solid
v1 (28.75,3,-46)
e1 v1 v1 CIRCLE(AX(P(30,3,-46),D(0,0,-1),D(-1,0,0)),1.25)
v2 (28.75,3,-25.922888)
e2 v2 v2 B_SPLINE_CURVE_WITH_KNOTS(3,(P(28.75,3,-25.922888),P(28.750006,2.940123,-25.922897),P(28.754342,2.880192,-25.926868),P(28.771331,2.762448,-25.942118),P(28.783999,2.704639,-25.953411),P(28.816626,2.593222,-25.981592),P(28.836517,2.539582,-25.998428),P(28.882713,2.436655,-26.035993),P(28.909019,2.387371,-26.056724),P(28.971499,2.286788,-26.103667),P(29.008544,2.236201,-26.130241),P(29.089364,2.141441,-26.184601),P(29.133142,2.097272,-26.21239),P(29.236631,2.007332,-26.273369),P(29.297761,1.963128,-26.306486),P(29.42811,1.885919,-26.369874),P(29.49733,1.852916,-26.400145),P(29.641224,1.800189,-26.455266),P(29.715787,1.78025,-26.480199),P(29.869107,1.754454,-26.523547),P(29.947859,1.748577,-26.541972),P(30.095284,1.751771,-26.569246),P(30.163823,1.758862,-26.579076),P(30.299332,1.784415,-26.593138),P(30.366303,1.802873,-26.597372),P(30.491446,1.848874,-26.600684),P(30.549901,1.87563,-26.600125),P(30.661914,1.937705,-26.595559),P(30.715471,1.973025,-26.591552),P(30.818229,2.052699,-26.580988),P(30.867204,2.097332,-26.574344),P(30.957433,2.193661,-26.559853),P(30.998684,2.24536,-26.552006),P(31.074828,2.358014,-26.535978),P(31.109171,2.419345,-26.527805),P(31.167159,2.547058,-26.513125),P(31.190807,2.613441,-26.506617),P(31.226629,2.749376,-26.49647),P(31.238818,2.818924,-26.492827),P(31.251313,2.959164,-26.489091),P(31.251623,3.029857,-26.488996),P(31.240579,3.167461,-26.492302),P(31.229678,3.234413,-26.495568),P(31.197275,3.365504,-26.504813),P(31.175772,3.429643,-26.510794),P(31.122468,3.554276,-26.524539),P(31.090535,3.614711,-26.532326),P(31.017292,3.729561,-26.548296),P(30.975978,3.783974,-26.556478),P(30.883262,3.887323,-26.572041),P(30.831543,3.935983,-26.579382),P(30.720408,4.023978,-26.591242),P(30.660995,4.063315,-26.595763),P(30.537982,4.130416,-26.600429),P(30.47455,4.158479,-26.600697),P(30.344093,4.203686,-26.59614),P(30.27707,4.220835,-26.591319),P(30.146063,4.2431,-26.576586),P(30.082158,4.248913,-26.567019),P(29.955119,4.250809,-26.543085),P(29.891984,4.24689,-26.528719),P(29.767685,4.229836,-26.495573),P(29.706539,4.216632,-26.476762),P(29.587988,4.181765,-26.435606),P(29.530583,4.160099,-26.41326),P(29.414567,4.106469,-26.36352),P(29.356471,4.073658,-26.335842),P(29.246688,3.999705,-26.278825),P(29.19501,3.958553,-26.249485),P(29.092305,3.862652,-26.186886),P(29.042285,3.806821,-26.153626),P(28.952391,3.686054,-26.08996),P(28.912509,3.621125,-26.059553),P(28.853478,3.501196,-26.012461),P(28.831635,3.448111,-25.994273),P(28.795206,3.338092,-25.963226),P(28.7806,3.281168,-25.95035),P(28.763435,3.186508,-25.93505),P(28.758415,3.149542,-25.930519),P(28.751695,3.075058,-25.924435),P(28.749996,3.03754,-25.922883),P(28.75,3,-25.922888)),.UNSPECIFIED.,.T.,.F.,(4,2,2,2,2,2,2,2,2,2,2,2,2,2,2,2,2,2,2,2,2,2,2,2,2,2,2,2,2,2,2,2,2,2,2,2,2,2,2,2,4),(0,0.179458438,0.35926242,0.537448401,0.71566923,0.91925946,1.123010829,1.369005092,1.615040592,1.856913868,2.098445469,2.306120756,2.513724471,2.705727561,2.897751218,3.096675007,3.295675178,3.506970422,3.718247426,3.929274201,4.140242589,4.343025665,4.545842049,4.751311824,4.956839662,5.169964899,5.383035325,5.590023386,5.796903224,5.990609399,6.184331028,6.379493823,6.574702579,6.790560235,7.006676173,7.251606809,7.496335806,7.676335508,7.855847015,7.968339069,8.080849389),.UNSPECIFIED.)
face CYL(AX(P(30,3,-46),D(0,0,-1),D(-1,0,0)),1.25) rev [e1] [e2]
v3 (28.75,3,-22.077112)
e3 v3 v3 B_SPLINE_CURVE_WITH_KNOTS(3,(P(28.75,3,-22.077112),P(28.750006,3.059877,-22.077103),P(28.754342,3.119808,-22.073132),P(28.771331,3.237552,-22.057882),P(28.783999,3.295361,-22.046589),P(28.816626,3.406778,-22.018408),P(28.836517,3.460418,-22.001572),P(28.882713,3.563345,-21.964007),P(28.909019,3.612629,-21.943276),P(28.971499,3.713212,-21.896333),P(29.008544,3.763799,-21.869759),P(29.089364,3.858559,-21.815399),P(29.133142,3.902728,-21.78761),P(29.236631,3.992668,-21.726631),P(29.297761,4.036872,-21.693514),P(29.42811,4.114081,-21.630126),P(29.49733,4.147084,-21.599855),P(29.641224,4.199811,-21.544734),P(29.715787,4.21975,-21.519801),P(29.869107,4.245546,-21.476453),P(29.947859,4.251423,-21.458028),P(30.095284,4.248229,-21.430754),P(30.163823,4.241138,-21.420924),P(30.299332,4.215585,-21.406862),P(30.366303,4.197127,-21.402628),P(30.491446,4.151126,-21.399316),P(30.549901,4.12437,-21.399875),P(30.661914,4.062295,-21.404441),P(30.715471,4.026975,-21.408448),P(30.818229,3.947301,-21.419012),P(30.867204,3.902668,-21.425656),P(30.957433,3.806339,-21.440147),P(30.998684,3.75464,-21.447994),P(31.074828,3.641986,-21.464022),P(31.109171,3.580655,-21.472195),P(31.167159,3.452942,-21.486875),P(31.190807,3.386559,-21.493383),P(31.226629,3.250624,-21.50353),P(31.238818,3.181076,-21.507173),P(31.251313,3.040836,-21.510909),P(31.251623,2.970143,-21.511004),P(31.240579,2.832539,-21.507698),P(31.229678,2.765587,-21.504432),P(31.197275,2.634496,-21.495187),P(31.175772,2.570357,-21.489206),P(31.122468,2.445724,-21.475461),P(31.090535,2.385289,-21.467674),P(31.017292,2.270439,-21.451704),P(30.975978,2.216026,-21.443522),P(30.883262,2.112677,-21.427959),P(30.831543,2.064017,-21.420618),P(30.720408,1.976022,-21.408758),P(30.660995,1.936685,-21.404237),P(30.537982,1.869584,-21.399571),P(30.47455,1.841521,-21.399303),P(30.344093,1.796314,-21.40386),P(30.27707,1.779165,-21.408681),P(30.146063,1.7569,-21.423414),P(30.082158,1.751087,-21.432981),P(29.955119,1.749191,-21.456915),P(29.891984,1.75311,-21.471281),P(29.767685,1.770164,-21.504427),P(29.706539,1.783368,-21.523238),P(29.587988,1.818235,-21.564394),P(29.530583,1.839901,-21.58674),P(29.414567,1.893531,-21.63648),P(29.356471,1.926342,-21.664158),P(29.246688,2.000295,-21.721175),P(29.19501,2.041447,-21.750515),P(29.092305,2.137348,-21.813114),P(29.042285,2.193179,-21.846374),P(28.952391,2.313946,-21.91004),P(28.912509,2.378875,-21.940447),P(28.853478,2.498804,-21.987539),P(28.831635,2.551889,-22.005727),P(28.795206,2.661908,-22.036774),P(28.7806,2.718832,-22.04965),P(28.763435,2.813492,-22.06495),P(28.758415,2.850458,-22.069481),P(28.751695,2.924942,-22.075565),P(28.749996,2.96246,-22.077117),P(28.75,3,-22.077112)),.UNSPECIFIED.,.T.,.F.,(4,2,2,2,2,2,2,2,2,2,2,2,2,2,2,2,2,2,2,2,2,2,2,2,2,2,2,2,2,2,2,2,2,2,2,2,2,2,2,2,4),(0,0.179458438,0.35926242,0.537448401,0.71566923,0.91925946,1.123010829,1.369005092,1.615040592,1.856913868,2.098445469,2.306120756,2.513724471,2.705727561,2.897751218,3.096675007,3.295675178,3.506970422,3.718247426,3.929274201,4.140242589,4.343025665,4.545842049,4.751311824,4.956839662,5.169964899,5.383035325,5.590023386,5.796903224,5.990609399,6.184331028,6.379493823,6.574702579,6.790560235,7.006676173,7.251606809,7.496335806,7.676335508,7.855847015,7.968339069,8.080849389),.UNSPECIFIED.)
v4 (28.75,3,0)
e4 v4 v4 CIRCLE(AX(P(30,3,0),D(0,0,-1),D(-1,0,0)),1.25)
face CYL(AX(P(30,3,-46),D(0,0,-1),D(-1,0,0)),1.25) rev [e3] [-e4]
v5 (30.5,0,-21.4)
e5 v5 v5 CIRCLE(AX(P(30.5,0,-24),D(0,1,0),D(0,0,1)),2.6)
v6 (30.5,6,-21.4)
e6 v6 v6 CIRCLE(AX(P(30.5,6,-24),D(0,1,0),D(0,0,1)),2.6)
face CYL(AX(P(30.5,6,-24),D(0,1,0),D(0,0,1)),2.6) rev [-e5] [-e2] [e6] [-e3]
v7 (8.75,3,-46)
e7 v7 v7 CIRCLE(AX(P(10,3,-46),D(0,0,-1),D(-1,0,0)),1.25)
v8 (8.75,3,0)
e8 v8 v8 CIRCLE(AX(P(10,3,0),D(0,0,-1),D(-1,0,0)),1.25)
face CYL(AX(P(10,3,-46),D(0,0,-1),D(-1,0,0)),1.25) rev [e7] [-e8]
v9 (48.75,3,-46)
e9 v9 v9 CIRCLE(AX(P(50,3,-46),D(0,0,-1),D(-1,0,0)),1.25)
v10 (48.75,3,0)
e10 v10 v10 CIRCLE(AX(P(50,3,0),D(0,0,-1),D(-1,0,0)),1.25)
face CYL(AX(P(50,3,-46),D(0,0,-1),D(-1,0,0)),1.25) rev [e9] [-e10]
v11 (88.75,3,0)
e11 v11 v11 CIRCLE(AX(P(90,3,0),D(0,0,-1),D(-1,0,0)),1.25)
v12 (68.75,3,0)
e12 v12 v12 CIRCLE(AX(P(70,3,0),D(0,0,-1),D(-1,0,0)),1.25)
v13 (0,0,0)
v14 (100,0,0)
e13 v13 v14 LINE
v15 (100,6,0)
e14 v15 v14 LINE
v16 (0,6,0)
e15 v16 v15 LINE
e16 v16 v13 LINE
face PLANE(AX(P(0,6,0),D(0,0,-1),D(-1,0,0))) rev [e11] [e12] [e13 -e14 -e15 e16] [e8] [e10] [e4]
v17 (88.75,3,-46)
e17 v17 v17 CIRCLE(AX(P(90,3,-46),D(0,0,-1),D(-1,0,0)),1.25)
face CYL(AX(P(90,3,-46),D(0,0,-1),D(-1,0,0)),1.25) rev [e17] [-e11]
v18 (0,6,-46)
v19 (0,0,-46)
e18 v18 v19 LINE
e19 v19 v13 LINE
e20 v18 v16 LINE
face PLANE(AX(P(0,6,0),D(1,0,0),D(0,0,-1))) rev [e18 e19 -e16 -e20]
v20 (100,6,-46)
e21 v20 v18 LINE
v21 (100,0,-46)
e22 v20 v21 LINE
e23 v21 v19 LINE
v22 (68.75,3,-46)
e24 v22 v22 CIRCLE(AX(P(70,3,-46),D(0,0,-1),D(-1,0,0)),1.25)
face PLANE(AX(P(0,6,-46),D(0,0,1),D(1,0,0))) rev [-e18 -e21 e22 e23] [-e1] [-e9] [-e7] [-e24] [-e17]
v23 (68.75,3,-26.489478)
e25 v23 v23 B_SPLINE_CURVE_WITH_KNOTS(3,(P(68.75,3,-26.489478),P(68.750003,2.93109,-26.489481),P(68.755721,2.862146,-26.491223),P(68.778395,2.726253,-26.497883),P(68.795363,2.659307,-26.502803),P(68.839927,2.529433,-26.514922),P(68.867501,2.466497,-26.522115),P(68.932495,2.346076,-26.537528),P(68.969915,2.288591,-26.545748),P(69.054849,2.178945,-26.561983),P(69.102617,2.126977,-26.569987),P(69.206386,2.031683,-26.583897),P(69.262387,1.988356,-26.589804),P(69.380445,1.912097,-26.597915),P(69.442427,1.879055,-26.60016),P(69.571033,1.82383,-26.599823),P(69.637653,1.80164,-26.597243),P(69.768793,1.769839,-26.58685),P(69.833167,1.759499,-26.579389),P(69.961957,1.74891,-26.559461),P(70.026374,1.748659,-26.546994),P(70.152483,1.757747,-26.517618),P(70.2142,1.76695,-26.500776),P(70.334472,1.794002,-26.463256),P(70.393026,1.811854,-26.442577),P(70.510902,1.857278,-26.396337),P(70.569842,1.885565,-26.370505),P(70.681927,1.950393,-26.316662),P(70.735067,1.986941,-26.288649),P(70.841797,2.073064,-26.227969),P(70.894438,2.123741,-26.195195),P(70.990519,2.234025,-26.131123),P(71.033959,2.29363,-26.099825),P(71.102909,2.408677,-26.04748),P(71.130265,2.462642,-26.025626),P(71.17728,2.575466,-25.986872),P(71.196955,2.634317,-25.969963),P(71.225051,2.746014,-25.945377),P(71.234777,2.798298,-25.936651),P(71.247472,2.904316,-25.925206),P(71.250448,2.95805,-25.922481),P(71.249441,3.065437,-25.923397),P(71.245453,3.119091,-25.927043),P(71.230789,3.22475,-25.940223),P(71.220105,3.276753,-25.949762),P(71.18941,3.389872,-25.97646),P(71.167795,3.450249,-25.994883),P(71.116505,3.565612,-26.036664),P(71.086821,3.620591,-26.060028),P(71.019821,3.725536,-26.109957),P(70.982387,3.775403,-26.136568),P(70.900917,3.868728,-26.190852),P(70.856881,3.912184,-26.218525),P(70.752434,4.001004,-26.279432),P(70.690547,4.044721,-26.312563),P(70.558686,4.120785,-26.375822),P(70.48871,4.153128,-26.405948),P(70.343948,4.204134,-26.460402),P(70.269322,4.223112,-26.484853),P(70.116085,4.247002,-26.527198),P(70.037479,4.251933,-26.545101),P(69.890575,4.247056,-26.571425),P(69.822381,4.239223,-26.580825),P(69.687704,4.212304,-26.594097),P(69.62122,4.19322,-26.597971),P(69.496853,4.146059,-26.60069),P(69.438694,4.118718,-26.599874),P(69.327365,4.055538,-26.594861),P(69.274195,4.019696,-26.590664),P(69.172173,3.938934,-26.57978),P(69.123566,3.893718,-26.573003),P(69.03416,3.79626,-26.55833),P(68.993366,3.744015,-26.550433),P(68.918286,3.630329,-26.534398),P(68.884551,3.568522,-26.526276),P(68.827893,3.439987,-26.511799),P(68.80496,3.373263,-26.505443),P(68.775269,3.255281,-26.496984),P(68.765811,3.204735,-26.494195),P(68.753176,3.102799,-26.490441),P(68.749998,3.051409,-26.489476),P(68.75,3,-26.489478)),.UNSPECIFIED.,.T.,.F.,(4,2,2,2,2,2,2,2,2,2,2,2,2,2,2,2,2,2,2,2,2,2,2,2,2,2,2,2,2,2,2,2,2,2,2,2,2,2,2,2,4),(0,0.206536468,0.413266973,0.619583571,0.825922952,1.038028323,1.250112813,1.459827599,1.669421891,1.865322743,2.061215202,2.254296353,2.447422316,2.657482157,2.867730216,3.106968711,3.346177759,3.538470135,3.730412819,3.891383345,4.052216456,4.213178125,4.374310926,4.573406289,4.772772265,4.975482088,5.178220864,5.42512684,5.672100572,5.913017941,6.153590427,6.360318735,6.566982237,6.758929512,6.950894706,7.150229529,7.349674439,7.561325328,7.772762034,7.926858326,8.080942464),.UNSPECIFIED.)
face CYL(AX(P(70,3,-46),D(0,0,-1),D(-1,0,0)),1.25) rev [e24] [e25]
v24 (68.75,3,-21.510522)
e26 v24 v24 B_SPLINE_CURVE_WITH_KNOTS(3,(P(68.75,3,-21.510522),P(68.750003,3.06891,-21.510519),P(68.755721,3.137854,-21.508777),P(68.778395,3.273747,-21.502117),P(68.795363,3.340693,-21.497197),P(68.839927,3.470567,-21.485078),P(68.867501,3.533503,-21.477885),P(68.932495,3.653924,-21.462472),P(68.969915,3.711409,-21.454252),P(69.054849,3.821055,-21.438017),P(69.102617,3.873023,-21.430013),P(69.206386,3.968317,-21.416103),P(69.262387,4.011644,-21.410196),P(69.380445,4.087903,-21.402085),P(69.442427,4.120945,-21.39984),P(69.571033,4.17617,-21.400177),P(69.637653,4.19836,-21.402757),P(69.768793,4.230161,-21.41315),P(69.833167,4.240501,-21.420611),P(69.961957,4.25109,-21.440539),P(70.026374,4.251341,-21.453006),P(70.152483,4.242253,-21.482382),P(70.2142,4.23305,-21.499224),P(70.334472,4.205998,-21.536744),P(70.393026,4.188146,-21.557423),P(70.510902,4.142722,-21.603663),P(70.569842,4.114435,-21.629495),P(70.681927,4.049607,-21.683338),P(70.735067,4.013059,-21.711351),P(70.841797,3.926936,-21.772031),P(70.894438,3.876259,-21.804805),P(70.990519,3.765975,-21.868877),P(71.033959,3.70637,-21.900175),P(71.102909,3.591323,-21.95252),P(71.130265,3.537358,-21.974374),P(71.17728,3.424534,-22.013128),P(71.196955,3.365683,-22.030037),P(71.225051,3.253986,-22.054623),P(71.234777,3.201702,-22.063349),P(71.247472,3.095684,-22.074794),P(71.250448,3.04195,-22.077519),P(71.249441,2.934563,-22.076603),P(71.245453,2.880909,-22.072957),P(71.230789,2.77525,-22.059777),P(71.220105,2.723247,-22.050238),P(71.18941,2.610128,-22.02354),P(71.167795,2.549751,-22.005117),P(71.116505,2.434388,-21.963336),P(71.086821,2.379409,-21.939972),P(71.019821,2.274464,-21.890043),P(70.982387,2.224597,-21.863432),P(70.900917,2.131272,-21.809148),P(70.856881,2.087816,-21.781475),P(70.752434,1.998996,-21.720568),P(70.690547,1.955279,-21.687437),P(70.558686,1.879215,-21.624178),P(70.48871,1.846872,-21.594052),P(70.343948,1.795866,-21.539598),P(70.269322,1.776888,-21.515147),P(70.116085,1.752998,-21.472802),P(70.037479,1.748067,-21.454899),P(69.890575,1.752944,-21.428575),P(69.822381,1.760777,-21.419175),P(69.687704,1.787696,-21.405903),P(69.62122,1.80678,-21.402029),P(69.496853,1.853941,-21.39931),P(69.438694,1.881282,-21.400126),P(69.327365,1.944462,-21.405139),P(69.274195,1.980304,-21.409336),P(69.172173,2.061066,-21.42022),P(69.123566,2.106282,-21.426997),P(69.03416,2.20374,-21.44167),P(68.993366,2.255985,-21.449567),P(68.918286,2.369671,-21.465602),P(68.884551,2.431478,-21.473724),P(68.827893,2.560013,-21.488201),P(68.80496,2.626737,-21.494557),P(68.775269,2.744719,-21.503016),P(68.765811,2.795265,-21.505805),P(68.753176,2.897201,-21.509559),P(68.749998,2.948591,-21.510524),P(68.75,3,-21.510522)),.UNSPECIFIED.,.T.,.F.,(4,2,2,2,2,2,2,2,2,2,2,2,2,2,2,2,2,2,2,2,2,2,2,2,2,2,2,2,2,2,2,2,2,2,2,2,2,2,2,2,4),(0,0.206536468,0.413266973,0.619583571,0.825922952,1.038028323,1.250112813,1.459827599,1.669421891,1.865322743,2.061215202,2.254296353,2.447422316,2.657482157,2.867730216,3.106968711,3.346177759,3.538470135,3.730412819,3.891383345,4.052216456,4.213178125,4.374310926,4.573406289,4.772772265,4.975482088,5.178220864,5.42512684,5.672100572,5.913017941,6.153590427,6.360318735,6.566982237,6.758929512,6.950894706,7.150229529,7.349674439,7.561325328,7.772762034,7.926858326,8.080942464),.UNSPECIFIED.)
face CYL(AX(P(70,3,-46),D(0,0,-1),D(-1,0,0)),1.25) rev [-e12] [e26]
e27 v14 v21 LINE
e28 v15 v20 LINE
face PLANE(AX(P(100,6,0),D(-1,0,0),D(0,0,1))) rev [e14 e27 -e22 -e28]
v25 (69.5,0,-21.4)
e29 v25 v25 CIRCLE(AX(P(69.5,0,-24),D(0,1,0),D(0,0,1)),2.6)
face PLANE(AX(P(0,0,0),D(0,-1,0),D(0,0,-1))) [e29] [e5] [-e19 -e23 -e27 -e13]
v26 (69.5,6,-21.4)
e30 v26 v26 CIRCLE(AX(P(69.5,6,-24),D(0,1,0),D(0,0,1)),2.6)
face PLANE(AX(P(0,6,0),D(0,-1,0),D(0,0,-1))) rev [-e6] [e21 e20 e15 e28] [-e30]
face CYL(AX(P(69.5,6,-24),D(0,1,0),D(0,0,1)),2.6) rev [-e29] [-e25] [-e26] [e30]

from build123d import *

# Parameters (mm, degrees)
SKETCH1_W                    = 100
SKETCH1_H                    = 46
BOSS_EXTRUDE1_DEPTH          = 6
TAP_DRILL_FOR_M3_TAP1_D      = 2.5
TAP_DRILL_FOR_M5_HELICOIL1_D = 5.2


with BuildPart() as part:
    # Sketch1 → Boss-Extrude1 (new body)
    with BuildSketch(Plane(origin=(0, 0, 0), x_dir=(1, 0, 0), z_dir=(0, 1, 0))):
        with Locations((50, 23)):
            Rectangle(SKETCH1_W, SKETCH1_H)
    extrude(amount=BOSS_EXTRUDE1_DEPTH)

    # Tap Drill for M3 Tap1 (through all)
    with Locations(Plane(origin=(0, 0, -46), x_dir=(-1, 0, 0), z_dir=(0, 0, -1))):
        with Locations((-90, 3), (-70, 3), (-50, 3), (-30, 3), (-10, 3)):
            Hole(TAP_DRILL_FOR_M3_TAP1_D / 2)

    # Tap Drill for M5 Helicoil1 (through all)
    with Locations(Plane(origin=(0, 6, 0), x_dir=(1, 0, 0), z_dir=(0, 1, 0))):
        with Locations((30.5, 24), (69.5, 24)):
            Hole(TAP_DRILL_FOR_M5_HELICOIL1_D / 2)


solid = part.part
